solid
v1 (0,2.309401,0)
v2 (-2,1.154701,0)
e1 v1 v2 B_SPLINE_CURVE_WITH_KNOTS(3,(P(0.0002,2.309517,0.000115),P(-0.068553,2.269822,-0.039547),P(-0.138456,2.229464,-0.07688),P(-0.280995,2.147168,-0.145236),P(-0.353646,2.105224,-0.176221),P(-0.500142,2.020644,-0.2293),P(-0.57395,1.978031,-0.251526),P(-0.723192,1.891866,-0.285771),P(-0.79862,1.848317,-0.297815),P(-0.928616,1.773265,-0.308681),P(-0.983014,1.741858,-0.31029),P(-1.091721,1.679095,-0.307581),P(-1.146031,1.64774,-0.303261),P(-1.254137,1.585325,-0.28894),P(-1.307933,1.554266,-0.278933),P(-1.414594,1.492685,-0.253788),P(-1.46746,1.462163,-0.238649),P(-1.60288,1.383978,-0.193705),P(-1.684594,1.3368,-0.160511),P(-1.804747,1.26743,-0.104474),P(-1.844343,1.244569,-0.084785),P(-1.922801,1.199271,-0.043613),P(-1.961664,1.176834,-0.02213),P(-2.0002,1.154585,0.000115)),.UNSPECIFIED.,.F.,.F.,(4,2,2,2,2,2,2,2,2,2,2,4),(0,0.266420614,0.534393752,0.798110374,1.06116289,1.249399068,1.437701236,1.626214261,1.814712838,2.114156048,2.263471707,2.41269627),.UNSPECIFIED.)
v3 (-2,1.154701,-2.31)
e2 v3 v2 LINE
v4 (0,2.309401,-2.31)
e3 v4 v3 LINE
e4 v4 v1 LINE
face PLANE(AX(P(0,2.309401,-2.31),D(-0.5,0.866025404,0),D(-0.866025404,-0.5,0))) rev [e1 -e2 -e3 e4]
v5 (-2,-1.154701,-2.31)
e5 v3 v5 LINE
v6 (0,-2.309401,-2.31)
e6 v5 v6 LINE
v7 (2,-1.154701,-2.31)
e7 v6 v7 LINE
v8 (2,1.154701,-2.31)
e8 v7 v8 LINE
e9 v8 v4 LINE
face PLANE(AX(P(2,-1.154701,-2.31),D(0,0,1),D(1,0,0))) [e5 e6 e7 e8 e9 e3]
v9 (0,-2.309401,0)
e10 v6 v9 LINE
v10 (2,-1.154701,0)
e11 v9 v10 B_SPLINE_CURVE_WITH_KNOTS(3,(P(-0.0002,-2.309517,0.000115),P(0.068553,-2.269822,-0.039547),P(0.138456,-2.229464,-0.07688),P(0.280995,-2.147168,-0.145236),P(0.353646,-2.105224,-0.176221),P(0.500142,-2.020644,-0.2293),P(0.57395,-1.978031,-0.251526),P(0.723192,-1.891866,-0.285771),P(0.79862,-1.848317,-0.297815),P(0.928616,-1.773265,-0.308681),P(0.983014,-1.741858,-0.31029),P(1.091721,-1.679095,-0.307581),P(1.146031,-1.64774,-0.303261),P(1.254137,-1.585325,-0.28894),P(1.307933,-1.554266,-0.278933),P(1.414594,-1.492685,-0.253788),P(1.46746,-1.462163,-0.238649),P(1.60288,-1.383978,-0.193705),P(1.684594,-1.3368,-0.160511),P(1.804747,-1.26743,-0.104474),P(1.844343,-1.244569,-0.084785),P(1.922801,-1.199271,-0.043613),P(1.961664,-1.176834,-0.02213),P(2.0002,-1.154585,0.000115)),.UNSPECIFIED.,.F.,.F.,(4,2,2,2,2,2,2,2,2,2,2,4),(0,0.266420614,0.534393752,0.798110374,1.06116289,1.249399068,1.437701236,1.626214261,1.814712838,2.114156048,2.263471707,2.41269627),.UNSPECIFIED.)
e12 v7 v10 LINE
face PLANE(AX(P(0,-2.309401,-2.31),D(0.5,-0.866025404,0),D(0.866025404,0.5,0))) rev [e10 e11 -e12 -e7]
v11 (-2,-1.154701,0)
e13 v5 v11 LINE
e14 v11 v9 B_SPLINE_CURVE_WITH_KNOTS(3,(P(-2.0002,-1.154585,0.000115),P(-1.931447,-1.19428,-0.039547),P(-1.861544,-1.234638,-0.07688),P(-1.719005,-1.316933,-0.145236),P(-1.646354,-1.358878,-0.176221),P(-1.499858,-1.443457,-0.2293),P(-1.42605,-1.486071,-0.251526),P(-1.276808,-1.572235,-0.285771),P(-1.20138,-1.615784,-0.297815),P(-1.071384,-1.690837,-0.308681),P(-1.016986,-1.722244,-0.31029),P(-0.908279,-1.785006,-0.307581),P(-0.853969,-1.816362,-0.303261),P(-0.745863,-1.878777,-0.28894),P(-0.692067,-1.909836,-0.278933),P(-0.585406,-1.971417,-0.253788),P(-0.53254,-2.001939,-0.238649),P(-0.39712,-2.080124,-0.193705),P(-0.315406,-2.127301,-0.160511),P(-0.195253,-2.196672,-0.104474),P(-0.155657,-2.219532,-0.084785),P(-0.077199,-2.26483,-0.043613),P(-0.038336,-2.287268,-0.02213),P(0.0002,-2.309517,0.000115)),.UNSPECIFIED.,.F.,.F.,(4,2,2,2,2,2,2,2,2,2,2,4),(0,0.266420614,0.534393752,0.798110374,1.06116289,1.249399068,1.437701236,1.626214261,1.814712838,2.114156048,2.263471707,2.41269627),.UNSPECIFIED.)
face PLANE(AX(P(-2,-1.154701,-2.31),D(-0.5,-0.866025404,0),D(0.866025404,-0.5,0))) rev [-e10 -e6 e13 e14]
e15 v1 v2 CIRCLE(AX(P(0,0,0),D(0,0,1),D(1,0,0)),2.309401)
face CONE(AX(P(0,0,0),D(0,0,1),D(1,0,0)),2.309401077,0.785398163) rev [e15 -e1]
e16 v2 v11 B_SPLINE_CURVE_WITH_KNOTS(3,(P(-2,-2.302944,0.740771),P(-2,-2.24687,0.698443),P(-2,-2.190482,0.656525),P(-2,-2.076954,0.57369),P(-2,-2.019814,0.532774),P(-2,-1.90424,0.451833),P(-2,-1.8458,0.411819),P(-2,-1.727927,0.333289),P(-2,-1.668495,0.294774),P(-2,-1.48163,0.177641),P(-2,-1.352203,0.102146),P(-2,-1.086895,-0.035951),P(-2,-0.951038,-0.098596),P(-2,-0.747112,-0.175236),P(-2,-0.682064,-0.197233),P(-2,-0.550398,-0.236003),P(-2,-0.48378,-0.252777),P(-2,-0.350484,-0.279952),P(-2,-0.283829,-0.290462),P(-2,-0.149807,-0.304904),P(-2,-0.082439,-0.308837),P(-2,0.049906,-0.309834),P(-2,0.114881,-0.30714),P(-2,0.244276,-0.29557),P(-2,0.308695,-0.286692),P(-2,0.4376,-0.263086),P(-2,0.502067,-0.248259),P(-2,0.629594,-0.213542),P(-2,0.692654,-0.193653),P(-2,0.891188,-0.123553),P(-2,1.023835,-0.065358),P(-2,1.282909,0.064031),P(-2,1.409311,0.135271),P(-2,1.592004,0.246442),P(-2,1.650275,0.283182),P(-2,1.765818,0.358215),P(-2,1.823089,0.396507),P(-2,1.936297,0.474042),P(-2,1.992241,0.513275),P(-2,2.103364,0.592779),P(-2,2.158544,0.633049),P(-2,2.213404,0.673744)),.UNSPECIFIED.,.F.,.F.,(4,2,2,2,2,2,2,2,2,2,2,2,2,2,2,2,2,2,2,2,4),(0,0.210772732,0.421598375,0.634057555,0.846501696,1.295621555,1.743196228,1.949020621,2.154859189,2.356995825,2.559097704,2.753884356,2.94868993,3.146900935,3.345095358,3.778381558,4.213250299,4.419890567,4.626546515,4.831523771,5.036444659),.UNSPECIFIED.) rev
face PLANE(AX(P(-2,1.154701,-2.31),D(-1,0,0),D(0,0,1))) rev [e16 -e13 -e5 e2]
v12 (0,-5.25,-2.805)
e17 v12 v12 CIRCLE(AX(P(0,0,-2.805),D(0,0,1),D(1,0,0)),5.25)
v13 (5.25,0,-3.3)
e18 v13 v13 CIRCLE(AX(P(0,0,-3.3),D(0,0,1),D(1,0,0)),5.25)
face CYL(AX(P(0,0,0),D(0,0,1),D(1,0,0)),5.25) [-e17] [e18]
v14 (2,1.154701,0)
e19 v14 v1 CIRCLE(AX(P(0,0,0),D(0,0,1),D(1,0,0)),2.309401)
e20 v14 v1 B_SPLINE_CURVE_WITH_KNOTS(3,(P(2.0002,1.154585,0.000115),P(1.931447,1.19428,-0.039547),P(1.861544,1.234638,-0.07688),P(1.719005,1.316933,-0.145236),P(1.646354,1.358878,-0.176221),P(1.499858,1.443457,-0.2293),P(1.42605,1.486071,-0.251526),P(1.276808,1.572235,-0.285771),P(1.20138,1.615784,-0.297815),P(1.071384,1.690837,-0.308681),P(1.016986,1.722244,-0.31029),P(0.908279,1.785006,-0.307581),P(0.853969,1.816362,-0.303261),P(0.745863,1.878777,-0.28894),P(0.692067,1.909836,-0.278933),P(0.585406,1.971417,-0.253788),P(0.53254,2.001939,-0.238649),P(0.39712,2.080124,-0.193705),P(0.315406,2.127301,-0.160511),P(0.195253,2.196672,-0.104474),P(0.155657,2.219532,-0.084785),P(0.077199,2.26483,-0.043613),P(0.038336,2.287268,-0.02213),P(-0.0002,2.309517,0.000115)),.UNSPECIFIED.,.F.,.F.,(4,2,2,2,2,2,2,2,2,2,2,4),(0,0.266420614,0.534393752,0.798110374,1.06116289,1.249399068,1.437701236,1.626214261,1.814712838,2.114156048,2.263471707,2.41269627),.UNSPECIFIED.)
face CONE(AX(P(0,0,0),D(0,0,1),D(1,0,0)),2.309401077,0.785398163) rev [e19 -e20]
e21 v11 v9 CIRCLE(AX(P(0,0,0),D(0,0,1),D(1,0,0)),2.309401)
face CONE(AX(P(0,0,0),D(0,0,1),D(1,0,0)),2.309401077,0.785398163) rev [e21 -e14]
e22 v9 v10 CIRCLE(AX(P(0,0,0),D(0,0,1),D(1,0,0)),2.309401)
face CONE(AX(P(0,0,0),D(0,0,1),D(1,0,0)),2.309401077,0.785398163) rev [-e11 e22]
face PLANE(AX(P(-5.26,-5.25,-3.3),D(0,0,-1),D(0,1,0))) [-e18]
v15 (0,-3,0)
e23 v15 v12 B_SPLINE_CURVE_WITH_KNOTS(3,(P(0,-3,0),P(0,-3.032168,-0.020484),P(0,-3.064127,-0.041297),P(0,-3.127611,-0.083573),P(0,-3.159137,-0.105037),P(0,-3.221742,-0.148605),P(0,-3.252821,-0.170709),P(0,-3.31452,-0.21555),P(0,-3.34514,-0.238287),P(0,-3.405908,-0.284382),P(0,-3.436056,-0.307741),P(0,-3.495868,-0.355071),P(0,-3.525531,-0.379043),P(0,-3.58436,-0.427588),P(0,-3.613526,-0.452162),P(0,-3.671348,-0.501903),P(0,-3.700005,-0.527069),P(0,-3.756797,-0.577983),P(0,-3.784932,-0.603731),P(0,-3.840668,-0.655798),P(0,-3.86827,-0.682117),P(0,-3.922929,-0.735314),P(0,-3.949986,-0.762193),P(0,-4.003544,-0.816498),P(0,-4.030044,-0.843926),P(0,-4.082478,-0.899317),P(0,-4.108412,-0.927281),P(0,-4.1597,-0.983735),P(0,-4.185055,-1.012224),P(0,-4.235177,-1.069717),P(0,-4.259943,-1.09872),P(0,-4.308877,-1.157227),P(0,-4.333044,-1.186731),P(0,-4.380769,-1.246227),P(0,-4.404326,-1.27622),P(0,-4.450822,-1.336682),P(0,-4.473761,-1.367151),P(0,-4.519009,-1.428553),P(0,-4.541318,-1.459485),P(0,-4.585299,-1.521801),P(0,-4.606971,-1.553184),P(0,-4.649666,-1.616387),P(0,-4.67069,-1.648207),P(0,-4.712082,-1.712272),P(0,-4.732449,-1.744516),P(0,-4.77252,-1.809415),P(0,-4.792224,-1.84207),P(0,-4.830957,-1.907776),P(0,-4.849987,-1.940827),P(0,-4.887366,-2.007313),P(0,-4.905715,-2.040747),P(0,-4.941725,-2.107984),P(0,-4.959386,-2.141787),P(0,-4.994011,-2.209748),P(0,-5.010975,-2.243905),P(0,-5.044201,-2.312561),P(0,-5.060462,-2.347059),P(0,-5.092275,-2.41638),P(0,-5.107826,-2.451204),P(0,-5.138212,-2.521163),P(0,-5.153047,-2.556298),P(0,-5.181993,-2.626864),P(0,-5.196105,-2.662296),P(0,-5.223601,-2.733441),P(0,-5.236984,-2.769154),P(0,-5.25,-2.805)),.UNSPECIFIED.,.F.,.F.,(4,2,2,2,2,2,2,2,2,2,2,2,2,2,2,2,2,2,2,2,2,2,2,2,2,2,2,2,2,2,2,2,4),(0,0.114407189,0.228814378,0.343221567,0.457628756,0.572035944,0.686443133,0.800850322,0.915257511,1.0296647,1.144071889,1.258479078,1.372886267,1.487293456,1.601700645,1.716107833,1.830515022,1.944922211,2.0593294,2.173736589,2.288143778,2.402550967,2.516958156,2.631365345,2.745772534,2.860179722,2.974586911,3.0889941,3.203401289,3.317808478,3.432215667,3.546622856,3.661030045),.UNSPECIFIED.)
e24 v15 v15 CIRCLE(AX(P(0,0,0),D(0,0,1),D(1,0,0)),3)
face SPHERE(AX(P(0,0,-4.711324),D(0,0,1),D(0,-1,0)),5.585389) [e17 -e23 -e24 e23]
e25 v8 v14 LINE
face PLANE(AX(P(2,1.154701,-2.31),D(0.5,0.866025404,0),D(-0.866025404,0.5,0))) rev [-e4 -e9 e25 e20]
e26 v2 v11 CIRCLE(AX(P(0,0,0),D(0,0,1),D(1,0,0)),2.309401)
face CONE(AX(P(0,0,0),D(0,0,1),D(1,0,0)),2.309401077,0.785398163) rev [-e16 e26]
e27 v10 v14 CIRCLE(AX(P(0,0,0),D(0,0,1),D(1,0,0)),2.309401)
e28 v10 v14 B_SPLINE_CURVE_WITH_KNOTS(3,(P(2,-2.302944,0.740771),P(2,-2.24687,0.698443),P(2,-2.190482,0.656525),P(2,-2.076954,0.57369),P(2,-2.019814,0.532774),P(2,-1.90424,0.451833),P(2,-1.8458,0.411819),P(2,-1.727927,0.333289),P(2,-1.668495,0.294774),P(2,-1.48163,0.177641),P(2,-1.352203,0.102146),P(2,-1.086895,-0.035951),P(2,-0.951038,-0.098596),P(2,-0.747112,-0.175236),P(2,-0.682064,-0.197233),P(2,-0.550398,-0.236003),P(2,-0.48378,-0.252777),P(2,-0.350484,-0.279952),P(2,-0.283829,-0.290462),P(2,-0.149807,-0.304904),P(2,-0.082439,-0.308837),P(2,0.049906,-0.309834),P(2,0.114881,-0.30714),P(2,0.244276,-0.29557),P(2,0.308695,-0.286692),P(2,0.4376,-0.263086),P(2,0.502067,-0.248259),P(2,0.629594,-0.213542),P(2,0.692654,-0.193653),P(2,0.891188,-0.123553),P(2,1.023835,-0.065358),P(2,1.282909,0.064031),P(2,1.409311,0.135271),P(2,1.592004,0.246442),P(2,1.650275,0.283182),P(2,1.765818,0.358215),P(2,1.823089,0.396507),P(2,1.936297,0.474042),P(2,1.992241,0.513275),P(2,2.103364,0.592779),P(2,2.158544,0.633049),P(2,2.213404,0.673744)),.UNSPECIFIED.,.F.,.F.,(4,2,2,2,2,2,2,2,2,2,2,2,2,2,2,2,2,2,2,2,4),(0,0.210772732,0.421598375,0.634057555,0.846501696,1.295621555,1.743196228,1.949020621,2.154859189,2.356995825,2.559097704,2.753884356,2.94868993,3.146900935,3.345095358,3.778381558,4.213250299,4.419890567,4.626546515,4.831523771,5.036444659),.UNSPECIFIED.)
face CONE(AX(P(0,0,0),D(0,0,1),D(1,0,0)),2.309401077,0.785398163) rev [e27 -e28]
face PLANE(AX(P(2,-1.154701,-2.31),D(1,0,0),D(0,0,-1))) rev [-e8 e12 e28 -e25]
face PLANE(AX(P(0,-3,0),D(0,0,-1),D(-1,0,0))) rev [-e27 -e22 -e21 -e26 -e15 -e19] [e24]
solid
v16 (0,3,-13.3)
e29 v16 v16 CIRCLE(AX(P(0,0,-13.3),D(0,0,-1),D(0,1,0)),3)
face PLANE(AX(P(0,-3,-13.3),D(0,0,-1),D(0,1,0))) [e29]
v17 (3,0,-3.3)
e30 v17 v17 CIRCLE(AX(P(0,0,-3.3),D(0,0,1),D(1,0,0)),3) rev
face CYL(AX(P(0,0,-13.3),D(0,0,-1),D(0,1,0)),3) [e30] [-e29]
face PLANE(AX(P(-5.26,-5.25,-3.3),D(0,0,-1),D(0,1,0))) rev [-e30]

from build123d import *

# Parameters (mm, degrees)
SKETCH1_W              = 10
SKETCH1_H              = 3
CUT_EXTRUDE2_DEPTH     = 2.31
SPLIT1_SURFACE_1_BACK  = 20.935
SPLIT1_SURFACE_1_DEPTH = 41.87
SPLIT1_SURFACE_2_BACK  = 20.935
SPLIT1_SURFACE_2_DEPTH = 41.87


with BuildPart() as part:
    # Sketch1 → Revolve1 (revolve)
    with BuildSketch(Plane(origin=(0, 0, 0), x_dir=(0, 0, -1), z_dir=(1, 0, 0))):
        with Locations((8.3, 1.5)):
            Rectangle(SKETCH1_W, SKETCH1_H)
    revolve(axis=Axis((0, 0, -13.3), (0, 0, 1)))

    # Sketch7 → Revolve2 (revolve)
    with BuildSketch(Plane(origin=(0, 0, 0), x_dir=(0, 0, -1), z_dir=(1, 0, 0))):
        with BuildLine():
            Line((2.805, 5.25), (3.3, 5.25))
            Line((3.3, 5.25), (3.3, 0))
            Line((3.3, 0), (0, 0))
            Line((0, 0), (0, 3))
            ThreePointArc((0, 3), (1.216479019, 4.356906156), (2.805, 5.25))
        make_face()
    revolve(axis=Axis((0, 0, 0), (0, 0, -1)))

    # Sketch5 → Cut-Extrude2 (cut)
    with BuildSketch(Plane.XY):
        Polygon((2, -1.154700538), (2, 1.154700538), (0, 2.309401077), (-2, 1.154700538), (-2, -1.154700538), (0, -2.309401077), align=None)
    extrude(amount=-CUT_EXTRUDE2_DEPTH, mode=Mode.SUBTRACT)

    # Cut-Extrude3 cone 1 section (through the dimple's axis) → Cut-Extrude3 (revolve, cut)
    with BuildSketch(Plane(origin=(0, 0, 0), x_dir=(0, -1, 0), z_dir=(1, 0, 0))):
        Polygon((0, 0), (2.309401077, 0), (0, 2.309401077), align=None)
    revolve(axis=Axis((0, 0, 0), (0, 0, -1)), mode=Mode.SUBTRACT)


with BuildPart() as body_2:
    # Split1: the piece behind the surface
    add(part.part)
    # Split1 surface: a surface, the sketch's curves swept straight by 41.87 mm
    with BuildLine(Plane(origin=(0, 0, 0), x_dir=(0, 0, -1), z_dir=(1, 0, 0)).offset(-SPLIT1_SURFACE_1_BACK), mode=Mode.PRIVATE) as split1_surface_1_path:
        Line((3.3, -5.25), (3.3, 5.25))
    split1_surface_1 = Shell.extrude(split1_surface_1_path.wire(), (1 * SPLIT1_SURFACE_1_DEPTH, 0 * SPLIT1_SURFACE_1_DEPTH, 0 * SPLIT1_SURFACE_1_DEPTH))
    split(bisect_by=split1_surface_1, keep=Keep.BOTTOM)


with BuildPart() as part_1:
    add(part.part)

    # Split1: split by a surface, the side it looks to stays
    # Split1 surface: a surface, the sketch's curves swept straight by 41.87 mm
    with BuildLine(Plane(origin=(0, 0, 0), x_dir=(0, 0, -1), z_dir=(1, 0, 0)).offset(-SPLIT1_SURFACE_2_BACK), mode=Mode.PRIVATE) as split1_surface_2_path:
        Line((3.3, -5.25), (3.3, 5.25))
    split1_surface_2 = Shell.extrude(split1_surface_2_path.wire(), (1 * SPLIT1_SURFACE_2_DEPTH, 0 * SPLIT1_SURFACE_2_DEPTH, 0 * SPLIT1_SURFACE_2_DEPTH))
    split(bisect_by=split1_surface_2, keep=Keep.TOP)


solid = Compound([body_2.part, part_1.part])
